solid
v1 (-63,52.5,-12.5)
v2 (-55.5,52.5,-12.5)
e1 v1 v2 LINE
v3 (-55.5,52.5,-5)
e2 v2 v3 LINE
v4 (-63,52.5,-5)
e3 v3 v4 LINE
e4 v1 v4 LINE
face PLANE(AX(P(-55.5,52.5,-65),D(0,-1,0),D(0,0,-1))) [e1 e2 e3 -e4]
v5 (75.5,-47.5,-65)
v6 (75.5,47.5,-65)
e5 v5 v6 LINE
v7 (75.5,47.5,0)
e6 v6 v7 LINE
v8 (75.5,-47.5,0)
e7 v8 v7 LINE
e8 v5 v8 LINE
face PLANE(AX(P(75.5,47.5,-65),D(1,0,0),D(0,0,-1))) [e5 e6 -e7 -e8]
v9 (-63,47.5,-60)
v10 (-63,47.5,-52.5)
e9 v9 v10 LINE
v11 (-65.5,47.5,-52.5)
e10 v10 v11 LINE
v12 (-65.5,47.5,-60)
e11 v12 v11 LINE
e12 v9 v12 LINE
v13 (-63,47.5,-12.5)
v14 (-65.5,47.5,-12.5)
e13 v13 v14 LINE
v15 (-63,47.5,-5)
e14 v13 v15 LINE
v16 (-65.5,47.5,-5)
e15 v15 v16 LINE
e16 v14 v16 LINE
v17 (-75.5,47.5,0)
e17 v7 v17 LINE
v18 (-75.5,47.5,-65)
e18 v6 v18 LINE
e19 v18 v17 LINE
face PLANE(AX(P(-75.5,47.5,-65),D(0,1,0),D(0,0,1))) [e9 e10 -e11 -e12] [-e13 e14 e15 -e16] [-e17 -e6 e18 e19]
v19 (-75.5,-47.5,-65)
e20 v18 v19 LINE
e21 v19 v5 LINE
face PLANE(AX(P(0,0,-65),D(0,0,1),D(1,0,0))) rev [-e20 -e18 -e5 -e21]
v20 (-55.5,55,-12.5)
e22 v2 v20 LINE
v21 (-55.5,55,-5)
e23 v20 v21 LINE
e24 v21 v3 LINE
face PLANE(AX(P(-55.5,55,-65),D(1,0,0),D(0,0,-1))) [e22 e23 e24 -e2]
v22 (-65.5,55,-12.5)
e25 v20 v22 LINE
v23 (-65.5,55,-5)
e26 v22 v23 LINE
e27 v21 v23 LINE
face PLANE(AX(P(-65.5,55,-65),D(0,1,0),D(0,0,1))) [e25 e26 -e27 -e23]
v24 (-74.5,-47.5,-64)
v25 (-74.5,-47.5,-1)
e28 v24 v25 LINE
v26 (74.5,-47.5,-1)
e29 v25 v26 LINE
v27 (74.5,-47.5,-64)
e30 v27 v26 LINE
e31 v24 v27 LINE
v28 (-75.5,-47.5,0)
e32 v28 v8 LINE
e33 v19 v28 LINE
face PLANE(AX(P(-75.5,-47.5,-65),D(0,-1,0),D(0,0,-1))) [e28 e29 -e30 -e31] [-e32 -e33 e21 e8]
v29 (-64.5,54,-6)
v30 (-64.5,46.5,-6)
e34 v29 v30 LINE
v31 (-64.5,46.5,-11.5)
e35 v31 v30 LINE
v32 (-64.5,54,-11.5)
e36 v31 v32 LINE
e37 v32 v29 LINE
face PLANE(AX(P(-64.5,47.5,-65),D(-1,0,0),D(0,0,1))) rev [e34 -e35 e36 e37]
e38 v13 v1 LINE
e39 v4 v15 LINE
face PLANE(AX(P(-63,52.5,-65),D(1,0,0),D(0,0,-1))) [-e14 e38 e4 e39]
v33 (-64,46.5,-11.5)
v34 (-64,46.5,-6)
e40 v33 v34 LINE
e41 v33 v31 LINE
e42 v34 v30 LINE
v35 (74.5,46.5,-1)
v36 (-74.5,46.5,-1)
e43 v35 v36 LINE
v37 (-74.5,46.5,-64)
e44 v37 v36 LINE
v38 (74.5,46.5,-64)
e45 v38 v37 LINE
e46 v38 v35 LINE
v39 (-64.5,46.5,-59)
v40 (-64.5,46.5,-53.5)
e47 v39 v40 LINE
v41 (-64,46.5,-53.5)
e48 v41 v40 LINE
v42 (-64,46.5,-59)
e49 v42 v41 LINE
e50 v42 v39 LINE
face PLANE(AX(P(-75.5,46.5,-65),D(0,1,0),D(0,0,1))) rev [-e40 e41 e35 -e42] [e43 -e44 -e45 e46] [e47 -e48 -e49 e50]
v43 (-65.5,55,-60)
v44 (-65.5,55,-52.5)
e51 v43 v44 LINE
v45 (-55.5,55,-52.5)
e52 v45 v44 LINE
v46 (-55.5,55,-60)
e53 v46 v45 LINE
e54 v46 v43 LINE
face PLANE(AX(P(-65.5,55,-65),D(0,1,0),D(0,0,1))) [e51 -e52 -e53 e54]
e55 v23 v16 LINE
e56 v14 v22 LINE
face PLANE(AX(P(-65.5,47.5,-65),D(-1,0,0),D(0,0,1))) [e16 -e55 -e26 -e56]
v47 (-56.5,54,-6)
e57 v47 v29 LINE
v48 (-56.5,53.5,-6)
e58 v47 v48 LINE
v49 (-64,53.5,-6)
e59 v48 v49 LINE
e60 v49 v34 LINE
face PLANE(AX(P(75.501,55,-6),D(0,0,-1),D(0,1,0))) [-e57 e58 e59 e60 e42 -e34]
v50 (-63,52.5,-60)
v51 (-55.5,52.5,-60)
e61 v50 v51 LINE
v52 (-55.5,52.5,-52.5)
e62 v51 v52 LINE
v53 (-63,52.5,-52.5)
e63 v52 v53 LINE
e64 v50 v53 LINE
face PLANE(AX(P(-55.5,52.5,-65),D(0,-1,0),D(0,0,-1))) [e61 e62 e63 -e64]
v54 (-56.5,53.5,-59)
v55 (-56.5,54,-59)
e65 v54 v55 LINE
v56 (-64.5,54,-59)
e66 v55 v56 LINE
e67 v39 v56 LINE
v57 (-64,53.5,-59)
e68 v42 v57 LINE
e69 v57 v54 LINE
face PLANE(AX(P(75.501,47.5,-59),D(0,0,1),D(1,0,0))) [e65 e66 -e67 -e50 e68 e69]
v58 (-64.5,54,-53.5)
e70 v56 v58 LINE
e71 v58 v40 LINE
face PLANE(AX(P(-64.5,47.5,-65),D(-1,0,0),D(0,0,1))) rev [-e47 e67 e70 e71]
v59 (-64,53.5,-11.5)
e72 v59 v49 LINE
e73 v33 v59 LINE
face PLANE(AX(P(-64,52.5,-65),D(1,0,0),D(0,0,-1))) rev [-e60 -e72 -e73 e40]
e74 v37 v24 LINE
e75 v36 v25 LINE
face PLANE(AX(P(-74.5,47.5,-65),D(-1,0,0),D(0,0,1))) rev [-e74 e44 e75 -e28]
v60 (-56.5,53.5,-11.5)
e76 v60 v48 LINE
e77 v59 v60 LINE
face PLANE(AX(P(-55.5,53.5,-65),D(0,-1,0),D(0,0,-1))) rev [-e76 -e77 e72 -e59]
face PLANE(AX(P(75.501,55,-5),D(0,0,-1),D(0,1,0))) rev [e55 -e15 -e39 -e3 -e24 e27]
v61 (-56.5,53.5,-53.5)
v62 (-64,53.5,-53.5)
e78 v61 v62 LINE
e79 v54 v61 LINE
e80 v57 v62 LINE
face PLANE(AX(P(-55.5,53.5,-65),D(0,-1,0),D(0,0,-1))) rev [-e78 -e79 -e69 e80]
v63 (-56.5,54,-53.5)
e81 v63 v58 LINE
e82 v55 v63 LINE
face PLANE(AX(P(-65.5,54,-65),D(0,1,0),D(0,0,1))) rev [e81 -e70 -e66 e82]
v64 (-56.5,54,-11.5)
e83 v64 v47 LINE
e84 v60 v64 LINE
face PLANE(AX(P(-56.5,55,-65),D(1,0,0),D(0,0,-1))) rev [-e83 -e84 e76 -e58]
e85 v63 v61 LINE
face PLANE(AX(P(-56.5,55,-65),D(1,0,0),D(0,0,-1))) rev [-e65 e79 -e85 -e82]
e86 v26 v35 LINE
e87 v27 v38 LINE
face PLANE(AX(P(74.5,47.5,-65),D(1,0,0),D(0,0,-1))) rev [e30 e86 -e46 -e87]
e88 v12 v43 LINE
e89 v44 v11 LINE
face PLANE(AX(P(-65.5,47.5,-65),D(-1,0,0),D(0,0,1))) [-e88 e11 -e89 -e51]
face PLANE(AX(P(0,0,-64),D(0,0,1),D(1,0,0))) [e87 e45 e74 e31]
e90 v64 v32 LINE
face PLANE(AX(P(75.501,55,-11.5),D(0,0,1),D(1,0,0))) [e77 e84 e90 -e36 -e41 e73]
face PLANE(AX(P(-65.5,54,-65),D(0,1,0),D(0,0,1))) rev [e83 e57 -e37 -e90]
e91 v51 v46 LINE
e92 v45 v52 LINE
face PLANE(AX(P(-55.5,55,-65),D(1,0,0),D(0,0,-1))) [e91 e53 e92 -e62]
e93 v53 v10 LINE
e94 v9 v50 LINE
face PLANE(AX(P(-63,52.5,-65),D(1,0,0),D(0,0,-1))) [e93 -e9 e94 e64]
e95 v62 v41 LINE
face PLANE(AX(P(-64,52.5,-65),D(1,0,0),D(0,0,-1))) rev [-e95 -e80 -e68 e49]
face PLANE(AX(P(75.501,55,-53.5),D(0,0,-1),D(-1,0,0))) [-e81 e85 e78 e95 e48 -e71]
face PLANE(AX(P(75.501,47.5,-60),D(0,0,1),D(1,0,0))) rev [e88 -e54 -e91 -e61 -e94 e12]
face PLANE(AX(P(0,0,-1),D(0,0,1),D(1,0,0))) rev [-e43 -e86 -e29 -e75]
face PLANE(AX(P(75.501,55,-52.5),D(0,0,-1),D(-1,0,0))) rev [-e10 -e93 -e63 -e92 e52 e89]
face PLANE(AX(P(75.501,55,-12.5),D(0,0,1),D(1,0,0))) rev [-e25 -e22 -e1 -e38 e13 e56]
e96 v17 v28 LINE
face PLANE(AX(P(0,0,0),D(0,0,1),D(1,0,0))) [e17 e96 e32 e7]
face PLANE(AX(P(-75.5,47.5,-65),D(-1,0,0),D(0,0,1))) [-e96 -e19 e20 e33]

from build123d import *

# Parameters (mm, degrees)
SKETCH1_W           = 151
SKETCH1_H           = 95
BOSS_EXTRUDE1_DEPTH = 65
BOSS_EXTRUDE2_DEPTH = 65
CUT_EXTRUDE1_REACH  = 143
SKETCH3_W           = 5
SKETCH3_H           = 7.5
SKETCH3_W_2         = 40
SHELL1_T            = -1


with BuildPart() as part:
    # Sketch1 → Boss-Extrude1 (new body)
    with BuildSketch(Plane.XY):
        Rectangle(SKETCH1_W, SKETCH1_H)
    extrude(amount=-BOSS_EXTRUDE1_DEPTH)

    # Sketch2 → Boss-Extrude2 (add)
    with BuildSketch(Plane.XY):
        Polygon((-65.5, 47.5), (-65.5, 55), (-55.5, 55), (-55.5, 52.5), (-63, 52.5), (-63, 47.5), align=None)
    extrude(amount=-BOSS_EXTRUDE2_DEPTH)

    # Sketch3 → Cut-Extrude1 (cut, up to next)
    with BuildSketch(Plane.ZY.offset(65.5), mode=Mode.PRIVATE) as cut_extrude1_sk1:
        with Locations((-62.5, 51.25)):
            Rectangle(SKETCH3_W, SKETCH3_H)
    cut_extrude1_tool1 = extrude(cut_extrude1_sk1.sketch, amount=-CUT_EXTRUDE1_REACH, mode=Mode.PRIVATE) & part.part
    add(cut_extrude1_tool1.solids().sort_by_distance((-65.5, 51.25, -62.5))[0], mode=Mode.SUBTRACT)
    # Sketch3 → Cut-Extrude1 (cut, up to next)
    with BuildSketch(Plane.ZY.offset(65.5), mode=Mode.PRIVATE) as cut_extrude1_sk2:
        with Locations((-32.5, 51.25)):
            Rectangle(SKETCH3_W_2, SKETCH3_H)
    cut_extrude1_tool2 = extrude(cut_extrude1_sk2.sketch, amount=-CUT_EXTRUDE1_REACH, mode=Mode.PRIVATE) & part.part
    add(cut_extrude1_tool2.solids().sort_by_distance((-65.5, 51.25, -32.5))[0], mode=Mode.SUBTRACT)
    # Sketch3 → Cut-Extrude1 (cut, up to next)
    with BuildSketch(Plane.ZY.offset(65.5), mode=Mode.PRIVATE) as cut_extrude1_sk3:
        with Locations((-2.5, 51.25)):
            Rectangle(SKETCH3_W, SKETCH3_H)
    cut_extrude1_tool3 = extrude(cut_extrude1_sk3.sketch, amount=-CUT_EXTRUDE1_REACH, mode=Mode.PRIVATE) & part.part
    add(cut_extrude1_tool3.solids().sort_by_distance((-65.5, 51.25, -2.5))[0], mode=Mode.SUBTRACT)

    # Shell1
    shell1_openings = [part.faces().sort_by_distance(p)[0] for p in [
        (0, -47.5, -32.5),
    ]]
    offset(amount=SHELL1_T, openings=shell1_openings, kind=Kind.INTERSECTION)


solid = part.part
